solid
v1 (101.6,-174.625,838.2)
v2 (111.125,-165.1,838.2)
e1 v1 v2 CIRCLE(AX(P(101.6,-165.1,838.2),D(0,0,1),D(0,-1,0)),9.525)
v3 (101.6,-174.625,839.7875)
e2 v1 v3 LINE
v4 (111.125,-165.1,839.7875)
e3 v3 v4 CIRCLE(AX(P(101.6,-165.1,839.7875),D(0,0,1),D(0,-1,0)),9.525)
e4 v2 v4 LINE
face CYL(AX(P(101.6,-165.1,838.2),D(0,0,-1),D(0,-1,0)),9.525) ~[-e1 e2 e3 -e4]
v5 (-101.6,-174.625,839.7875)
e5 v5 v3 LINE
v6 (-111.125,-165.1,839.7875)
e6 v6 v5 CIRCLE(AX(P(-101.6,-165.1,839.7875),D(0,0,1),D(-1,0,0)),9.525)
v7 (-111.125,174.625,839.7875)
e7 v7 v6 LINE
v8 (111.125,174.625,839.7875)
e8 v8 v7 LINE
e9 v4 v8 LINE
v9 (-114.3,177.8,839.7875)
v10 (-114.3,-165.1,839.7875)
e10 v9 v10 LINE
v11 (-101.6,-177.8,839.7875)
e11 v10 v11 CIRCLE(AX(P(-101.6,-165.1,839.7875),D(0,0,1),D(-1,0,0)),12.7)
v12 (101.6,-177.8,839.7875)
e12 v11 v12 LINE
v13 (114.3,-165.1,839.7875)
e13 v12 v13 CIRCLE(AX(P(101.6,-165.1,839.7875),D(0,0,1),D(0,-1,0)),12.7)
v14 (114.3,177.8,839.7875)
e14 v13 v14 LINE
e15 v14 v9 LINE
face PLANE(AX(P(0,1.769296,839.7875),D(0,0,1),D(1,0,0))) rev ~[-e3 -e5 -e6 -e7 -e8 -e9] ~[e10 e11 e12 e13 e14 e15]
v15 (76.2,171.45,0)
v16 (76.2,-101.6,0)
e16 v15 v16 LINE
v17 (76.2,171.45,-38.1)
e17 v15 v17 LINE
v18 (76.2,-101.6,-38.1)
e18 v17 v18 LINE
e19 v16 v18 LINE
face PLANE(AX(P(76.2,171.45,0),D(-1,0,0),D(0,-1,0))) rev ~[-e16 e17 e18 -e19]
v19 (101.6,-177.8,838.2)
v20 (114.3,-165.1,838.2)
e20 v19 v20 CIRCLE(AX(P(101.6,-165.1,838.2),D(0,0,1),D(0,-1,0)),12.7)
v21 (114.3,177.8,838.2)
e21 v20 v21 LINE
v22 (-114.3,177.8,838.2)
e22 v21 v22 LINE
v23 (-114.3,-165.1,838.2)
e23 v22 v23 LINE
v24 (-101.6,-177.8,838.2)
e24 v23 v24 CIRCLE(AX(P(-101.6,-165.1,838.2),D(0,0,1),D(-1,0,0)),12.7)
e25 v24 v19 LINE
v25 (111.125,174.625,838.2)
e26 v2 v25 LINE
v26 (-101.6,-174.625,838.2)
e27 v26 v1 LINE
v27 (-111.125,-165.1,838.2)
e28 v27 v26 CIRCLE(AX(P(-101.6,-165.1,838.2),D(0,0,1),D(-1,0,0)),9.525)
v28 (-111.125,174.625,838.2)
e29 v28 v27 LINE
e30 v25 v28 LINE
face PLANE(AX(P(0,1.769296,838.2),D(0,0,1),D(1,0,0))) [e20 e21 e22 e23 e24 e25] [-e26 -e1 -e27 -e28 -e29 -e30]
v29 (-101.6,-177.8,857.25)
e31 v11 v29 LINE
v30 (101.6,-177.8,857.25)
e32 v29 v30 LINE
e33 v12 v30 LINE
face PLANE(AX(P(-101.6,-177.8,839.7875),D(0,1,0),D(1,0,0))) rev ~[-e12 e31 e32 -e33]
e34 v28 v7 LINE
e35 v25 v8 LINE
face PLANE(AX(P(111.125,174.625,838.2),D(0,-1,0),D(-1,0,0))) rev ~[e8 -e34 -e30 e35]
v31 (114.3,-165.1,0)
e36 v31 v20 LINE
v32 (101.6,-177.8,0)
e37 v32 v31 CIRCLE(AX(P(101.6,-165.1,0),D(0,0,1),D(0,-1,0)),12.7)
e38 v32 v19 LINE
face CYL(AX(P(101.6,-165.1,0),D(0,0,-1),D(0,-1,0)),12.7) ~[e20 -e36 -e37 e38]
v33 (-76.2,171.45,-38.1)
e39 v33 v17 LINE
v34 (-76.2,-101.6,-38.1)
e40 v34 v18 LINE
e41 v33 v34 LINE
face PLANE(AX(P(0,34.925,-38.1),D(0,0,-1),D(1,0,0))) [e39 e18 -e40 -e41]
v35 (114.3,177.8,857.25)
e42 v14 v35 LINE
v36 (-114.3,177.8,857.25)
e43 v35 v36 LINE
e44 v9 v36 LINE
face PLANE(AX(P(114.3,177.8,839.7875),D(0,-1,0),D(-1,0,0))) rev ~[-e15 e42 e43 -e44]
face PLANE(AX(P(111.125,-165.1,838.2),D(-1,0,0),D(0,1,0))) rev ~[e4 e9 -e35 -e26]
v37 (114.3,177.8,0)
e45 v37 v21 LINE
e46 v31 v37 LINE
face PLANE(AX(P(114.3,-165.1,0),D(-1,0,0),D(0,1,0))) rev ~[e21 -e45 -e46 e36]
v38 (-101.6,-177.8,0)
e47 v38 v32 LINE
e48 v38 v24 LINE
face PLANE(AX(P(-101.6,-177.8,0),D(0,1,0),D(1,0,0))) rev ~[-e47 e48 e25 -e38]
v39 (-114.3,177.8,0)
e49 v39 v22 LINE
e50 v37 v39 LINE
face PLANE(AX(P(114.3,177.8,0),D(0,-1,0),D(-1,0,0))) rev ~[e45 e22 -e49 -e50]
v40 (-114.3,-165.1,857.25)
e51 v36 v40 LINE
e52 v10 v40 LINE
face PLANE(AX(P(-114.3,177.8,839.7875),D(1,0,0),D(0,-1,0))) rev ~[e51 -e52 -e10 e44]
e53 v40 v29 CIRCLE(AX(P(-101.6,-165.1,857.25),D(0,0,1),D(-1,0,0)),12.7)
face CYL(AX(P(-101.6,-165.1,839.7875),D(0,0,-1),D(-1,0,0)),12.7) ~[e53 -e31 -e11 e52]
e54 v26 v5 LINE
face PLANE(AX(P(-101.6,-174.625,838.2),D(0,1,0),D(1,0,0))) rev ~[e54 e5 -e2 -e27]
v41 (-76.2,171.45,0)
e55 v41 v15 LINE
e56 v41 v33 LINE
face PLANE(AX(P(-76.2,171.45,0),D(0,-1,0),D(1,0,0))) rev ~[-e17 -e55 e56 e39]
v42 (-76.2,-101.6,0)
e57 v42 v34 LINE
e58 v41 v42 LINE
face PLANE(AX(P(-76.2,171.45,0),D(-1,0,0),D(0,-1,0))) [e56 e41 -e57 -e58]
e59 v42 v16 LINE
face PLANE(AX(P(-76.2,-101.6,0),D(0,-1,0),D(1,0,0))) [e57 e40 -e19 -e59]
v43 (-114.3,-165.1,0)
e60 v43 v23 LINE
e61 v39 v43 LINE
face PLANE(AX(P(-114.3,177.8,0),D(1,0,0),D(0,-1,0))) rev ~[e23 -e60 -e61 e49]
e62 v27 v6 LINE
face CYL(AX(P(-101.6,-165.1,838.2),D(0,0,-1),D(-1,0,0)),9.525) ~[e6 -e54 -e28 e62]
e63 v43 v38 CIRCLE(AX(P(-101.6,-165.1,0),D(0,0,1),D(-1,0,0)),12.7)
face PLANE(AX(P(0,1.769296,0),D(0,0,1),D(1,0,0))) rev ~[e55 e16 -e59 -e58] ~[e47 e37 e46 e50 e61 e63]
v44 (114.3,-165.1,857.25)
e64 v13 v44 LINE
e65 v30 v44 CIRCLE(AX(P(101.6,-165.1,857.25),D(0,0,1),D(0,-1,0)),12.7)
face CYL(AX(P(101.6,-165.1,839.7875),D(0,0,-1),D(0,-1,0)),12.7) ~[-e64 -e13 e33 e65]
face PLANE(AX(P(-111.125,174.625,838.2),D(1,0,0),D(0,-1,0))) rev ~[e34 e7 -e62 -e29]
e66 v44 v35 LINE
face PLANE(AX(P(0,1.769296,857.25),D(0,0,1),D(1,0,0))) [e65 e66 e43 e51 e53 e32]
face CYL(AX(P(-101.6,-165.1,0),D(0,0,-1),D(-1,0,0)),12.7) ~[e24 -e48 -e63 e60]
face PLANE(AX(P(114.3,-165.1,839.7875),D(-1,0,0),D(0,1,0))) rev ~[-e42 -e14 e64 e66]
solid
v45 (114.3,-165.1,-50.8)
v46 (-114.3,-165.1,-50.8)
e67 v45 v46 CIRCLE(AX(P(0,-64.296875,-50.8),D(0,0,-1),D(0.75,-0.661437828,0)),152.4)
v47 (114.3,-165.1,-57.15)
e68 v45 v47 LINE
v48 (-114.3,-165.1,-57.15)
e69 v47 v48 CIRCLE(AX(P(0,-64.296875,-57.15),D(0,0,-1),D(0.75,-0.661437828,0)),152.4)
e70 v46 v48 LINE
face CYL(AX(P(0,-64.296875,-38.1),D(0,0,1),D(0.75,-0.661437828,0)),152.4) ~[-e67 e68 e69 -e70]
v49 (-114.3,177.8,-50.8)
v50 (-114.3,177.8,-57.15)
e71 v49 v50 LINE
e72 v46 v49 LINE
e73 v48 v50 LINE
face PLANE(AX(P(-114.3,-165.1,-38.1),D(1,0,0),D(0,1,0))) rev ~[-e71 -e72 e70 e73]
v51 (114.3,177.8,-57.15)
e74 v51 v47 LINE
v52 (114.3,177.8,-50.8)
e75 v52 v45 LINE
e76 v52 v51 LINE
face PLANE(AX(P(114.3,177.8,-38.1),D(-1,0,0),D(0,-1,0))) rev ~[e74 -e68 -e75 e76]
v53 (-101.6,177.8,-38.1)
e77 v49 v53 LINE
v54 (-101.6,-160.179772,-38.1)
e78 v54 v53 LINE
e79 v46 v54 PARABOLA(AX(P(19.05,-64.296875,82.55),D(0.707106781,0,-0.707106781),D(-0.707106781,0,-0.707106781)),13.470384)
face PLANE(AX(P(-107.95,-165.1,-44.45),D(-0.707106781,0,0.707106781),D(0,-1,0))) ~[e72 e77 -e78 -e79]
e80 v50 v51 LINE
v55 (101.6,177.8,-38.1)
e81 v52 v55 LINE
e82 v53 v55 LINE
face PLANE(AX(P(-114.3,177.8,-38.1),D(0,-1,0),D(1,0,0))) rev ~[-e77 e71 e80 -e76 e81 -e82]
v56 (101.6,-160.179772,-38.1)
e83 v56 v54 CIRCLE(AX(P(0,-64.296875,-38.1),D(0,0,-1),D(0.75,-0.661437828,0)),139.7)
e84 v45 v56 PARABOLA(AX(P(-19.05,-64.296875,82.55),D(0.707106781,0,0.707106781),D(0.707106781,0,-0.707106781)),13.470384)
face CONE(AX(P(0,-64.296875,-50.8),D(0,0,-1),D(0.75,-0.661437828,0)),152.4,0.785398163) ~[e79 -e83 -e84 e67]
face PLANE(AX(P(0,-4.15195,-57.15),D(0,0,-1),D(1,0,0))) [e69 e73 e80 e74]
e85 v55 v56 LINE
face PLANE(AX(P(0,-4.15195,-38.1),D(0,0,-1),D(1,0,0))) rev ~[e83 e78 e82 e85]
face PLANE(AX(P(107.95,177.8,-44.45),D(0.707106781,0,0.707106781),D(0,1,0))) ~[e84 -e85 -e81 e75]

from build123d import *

# Parameters (mm, degrees)
F1_DEPTH = 838.2
F3_DEPTH = 1.5875
F5_DEPTH = 17.4625
F6_W     = 152.4
F6_H     = 273.05
F7_DEPTH = 38.1
F8_W     = 152.4
F8_H     = 273.05
F9_DEPTH = 19.05
F10_SIZE = 12.7


with BuildPart() as f1:
    # F0 (on Top) → F1 (new body)
    with BuildSketch(Plane.XY):
        with BuildLine():
            Line((-114.3, 177.8), (-114.3, -165.1))
            ThreePointArc((-114.3, -165.1), (-110.5802561211, -174.0802561211), (-101.6, -177.8))
            Line((-101.6, -177.8), (101.6, -177.8))
            ThreePointArc((101.6, -177.8), (110.5802561211, -174.0802561211), (114.3, -165.1))
            Line((114.3, -165.1), (114.3, 177.8))
            Line((114.3, 177.8), (-114.3, 177.8))
        make_face()
    extrude(amount=F1_DEPTH)

    # F2 (on face) → F3 (join)
    with BuildSketch(Plane.XY.offset(838.2)):
        with BuildLine():
            Line((-111.125, 174.625), (-111.125, -165.1))
            ThreePointArc((-111.125, -165.1), (-108.3351920908, -171.8351920908), (-101.6, -174.625))
            Line((-101.6, -174.625), (101.6, -174.625))
            ThreePointArc((101.6, -174.625), (108.3351920908, -171.8351920908), (111.125, -165.1))
            Line((111.125, -165.1), (111.125, 174.625))
            Line((111.125, 174.625), (-111.125, 174.625))
        make_face()
    extrude(amount=F3_DEPTH)

    # F4 (on face) → F5 (join)
    with BuildSketch(Plane.XY.offset(839.7875)):
        with BuildLine():
            Line((-101.6, -177.8), (101.6, -177.8))
            ThreePointArc((101.6, -177.8), (110.5802561211, -174.0802561211), (114.3, -165.1))
            Line((114.3, -165.1), (114.3, 177.8))
            Line((114.3, 177.8), (-114.3, 177.8))
            Line((-114.3, 177.8), (-114.3, -165.1))
            ThreePointArc((-114.3, -165.1), (-110.5802561211, -174.0802561211), (-101.6, -177.8))
        make_face()
    extrude(amount=F5_DEPTH)

    # F6 (on face) → F7 (join)
    with BuildSketch(Plane(origin=(0, 0, 0), x_dir=(1, 0, 0), z_dir=(0, 0, -1))):
        with Locations((0, -34.925)):
            Rectangle(F6_W, F6_H)
    extrude(amount=F7_DEPTH)


with BuildPart() as f9:
    # F8 (on face) → F9 (new body)
    with BuildSketch(Plane(origin=(0, 0, -38.1), x_dir=(1, 0, 0), z_dir=(0, 0, -1))):
        with BuildLine():
            Line((-114.3, 165.1), (-114.3, -177.8))
            Line((-114.3, -177.8), (114.3, -177.8))
            Line((114.3, -177.8), (114.3, 165.1))
            ThreePointArc((114.3, 165.1), (0, 216.6968750484), (-114.3, 165.1))
        make_face()
        with Locations((0, -34.925)):
            Rectangle(F8_W, F8_H, mode=Mode.SUBTRACT)
        with Locations((0, -34.925)):
            Rectangle(F8_W, F8_H)
    extrude(amount=F9_DEPTH)

    # F10
    f10_edges = [f9.edges().sort_by_distance(p)[0] for p in [
        (-114.3, 6.35, -38.1),
        (0, -216.696875, -38.1),
        (114.3, 6.35, -38.1),
    ]]
    chamfer(f10_edges, length=F10_SIZE)


solid = Compound([f1.part, f9.part])
